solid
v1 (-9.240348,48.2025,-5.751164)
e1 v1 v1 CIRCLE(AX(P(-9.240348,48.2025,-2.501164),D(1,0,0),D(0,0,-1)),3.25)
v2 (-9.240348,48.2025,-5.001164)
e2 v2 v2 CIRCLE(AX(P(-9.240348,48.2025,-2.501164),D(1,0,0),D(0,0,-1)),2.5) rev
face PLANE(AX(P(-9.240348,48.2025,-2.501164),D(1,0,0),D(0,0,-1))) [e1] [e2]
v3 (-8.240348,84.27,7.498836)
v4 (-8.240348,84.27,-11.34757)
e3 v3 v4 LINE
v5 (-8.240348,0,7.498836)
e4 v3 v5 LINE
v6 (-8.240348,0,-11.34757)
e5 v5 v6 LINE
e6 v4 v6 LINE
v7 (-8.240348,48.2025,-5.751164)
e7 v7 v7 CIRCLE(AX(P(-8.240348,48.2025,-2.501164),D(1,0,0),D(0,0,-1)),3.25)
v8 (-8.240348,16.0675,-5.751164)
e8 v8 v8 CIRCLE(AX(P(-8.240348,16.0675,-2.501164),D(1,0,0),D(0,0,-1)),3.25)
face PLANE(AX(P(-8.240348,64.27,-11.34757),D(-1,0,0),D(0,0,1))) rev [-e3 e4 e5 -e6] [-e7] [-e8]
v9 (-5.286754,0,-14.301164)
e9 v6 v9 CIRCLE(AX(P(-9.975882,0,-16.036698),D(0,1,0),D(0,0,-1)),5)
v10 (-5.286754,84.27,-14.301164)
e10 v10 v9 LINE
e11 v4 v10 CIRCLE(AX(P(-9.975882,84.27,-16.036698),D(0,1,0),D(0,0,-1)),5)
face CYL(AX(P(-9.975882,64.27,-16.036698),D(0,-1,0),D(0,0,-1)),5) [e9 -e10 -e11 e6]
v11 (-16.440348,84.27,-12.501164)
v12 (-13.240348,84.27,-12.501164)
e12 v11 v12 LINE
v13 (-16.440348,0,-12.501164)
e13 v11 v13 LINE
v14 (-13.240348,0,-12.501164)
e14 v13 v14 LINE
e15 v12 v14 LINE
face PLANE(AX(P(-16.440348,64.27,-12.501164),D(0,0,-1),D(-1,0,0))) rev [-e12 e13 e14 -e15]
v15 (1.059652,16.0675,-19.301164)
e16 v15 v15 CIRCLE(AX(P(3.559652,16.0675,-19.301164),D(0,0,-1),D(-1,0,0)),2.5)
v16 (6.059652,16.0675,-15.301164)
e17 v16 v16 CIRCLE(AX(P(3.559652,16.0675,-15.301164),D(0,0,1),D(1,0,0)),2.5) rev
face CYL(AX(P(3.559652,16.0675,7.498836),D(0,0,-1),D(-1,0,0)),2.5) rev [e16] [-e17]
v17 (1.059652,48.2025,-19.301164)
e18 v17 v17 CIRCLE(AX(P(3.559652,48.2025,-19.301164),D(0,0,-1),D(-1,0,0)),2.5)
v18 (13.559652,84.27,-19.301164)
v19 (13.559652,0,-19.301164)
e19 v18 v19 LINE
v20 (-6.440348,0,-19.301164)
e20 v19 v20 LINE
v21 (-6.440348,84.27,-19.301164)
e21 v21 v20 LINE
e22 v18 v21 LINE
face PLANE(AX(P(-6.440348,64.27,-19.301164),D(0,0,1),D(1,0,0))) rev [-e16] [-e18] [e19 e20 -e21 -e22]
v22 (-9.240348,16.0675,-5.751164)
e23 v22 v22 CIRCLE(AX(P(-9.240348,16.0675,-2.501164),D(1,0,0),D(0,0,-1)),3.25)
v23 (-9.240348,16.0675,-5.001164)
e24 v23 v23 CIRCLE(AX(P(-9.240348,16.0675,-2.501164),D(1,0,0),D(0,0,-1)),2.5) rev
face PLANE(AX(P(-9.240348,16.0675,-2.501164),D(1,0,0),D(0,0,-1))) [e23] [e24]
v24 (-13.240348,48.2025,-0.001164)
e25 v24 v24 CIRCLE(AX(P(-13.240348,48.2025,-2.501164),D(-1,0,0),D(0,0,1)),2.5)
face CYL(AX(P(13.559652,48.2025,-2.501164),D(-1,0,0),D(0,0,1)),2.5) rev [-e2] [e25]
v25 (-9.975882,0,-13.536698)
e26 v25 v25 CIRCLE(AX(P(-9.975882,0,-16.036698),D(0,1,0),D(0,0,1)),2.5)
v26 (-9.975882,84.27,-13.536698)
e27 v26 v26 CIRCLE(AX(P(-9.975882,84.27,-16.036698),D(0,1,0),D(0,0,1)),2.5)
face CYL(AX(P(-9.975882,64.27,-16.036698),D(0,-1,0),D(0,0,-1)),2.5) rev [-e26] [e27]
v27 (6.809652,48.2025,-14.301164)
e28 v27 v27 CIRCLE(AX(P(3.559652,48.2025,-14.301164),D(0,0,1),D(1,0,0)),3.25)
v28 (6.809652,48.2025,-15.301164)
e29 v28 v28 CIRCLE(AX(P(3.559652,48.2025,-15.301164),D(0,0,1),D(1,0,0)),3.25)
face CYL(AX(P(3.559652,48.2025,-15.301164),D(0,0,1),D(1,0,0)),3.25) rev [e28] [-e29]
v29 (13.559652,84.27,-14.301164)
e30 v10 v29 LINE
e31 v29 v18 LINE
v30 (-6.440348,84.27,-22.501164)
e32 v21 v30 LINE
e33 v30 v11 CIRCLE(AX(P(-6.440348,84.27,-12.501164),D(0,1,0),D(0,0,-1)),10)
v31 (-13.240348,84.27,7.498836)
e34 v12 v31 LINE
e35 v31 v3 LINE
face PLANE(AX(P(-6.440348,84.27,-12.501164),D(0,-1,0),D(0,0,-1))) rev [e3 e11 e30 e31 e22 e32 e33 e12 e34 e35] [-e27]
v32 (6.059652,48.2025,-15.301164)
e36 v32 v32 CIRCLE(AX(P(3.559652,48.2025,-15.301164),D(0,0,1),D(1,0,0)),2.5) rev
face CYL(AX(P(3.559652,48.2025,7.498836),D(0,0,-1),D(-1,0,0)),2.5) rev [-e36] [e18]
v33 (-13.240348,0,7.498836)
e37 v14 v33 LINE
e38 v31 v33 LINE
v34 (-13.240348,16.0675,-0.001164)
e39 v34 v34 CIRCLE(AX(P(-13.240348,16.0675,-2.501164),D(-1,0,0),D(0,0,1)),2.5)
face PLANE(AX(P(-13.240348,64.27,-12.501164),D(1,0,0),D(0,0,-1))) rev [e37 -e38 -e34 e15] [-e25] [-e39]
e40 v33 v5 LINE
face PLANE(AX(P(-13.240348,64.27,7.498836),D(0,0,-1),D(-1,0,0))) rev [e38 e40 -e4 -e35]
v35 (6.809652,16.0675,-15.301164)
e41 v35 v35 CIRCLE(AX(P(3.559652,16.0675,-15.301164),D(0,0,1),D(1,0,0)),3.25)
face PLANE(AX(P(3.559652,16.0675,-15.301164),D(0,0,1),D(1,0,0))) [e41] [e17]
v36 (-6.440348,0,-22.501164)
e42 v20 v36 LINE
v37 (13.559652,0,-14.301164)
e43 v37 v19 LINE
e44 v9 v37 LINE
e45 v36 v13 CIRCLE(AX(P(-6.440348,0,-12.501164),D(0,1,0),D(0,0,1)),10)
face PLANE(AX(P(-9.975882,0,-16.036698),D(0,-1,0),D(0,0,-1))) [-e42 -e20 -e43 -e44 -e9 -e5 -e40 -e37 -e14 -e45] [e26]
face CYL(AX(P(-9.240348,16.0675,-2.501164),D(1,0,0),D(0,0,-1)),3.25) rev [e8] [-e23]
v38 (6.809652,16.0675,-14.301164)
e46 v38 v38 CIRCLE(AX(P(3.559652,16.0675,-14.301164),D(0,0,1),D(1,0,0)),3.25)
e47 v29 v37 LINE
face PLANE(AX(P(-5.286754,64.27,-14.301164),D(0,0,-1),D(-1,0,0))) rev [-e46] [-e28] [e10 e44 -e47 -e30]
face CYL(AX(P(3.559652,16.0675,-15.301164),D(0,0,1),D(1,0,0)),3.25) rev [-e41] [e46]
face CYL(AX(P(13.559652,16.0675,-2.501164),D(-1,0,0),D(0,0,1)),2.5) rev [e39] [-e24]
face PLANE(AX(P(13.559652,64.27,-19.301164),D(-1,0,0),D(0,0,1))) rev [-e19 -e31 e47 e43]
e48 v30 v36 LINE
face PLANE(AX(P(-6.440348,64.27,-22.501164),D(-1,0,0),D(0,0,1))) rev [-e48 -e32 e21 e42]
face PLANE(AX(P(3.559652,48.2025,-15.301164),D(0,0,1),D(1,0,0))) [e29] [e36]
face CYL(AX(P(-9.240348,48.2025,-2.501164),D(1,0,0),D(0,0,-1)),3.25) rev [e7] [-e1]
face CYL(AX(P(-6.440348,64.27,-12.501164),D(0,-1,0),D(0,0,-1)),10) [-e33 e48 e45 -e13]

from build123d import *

# Parameters (mm, degrees)
SKETCH4_R           = 2.5
BOSS_EXTRUDE1_DEPTH = 64.27
SKETCH5_R           = 2.5
CUT_EXTRUDE1_DEPTH  = 72.548291037
SKETCH6_R           = 2.5
CUT_EXTRUDE2_DEPTH  = 74.179063133
SKETCH7_R           = 3.25
CUT_EXTRUDE3_DEPTH  = 1
SKETCH8_R           = 3.25
CUT_EXTRUDE4_DEPTH  = 1
SKETCH9_R           = 2.5
BOSS_EXTRUDE2_DEPTH = 20


with BuildPart() as part:
    # Sketch4 → Boss-Extrude1 (new body)
    with BuildSketch(Plane(origin=(0, 0, 0), x_dir=(1, 0, 0), z_dir=(0, 1, 0))):
        with BuildLine():
            Line((-5.286754077, 14.301163994), (13.559651759, 14.301163994))
            Line((13.559651759, 14.301163994), (13.559651759, 19.301163994))
            Line((13.559651759, 19.301163994), (-6.440348241, 19.301163994))
            Line((-6.440348241, 19.301163994), (-6.440348241, 22.501163994))
            ThreePointArc((-6.440348241, 22.501163994), (-13.511416053, 19.572231806), (-16.440348241, 12.501163994))
            Line((-16.440348241, 12.501163994), (-13.240348241, 12.501163994))
            Line((-13.240348241, 12.501163994), (-13.240348241, -7.498836006))
            Line((-13.240348241, -7.498836006), (-8.240348241, -7.498836006))
            Line((-8.240348241, -7.498836006), (-8.240348241, 11.347569829))
            ThreePointArc((-8.240348241, 11.347569829), (-6.440348241, 12.501163994), (-5.286754077, 14.301163994))
        make_face()
        with Locations(Location((-9.975882147, 16.0366979, 0), (0, 0, 270))):
            Circle(SKETCH4_R, mode=Mode.SUBTRACT)
    extrude(amount=BOSS_EXTRUDE1_DEPTH)

    # Sketch5 → Cut-Extrude1 (cut, through all)
    with BuildSketch(Plane(origin=(0, 0, -19.301163994), x_dir=(-1, 0, 0), z_dir=(0, 0, -1))):
        with Locations((-3.559651759, 48.2025)):
            Circle(SKETCH5_R)
        with Locations((-3.559651759, 16.0675)):
            Circle(SKETCH5_R)
    extrude(amount=-CUT_EXTRUDE1_DEPTH, mode=Mode.SUBTRACT)

    # Sketch6 → Cut-Extrude2 (cut, through all)
    with BuildSketch(Plane.ZY.offset(13.240348241)):
        with Locations((-2.501163994, 48.2025)):
            Circle(SKETCH6_R)
        with Locations((-2.501163994, 16.0675)):
            Circle(SKETCH6_R)
    extrude(amount=-CUT_EXTRUDE2_DEPTH, mode=Mode.SUBTRACT)

    # Sketch7 → Cut-Extrude3 (cut)
    with BuildSketch(Plane(origin=(-8.240348241, 0, 0), x_dir=(0, 0, -1), z_dir=(1, 0, 0))):
        with Locations((2.501163994, 48.2025)):
            Circle(SKETCH7_R)
        with Locations((2.501163994, 16.0675)):
            Circle(SKETCH7_R)
    extrude(amount=-CUT_EXTRUDE3_DEPTH, mode=Mode.SUBTRACT)

    # Sketch8 → Cut-Extrude4 (cut)
    with BuildSketch(Plane.XY.offset(-14.301163994)):
        with Locations((3.559651759, 48.2025)):
            Circle(SKETCH8_R)
        with Locations((3.559651759, 16.0675)):
            Circle(SKETCH8_R)
    extrude(amount=-CUT_EXTRUDE4_DEPTH, mode=Mode.SUBTRACT)

    # Sketch9 → Boss-Extrude2 (add)
    with BuildSketch(Plane(origin=(0, 64.27, 0), x_dir=(1, 0, 0), z_dir=(0, 1, 0))):
        with BuildLine():
            Line((-6.440348241, 22.501163994), (-6.440348241, 19.301163994))
            Line((-6.440348241, 19.301163994), (13.559651759, 19.301163994))
            Line((13.559651759, 19.301163994), (13.559651759, 14.301163994))
            Line((13.559651759, 14.301163994), (-5.286754077, 14.301163994))
            ThreePointArc((-5.286754077, 14.301163994), (-6.440348241, 12.501163994), (-8.240348241, 11.347569829))
            Line((-8.240348241, 11.347569829), (-8.240348241, -7.498836006))
            Line((-8.240348241, -7.498836006), (-13.240348241, -7.498836006))
            Line((-13.240348241, -7.498836006), (-13.240348241, 12.501163994))
            Line((-13.240348241, 12.501163994), (-16.440348241, 12.501163994))
            ThreePointArc((-16.440348241, 12.501163994), (-13.511416053, 19.572231806), (-6.440348241, 22.501163994))
        make_face()
        with Locations(Location((-9.975882147, 16.0366979, 0), (0, 0, 270))):
            Circle(SKETCH9_R, mode=Mode.SUBTRACT)
    extrude(amount=BOSS_EXTRUDE2_DEPTH)


solid = part.part
